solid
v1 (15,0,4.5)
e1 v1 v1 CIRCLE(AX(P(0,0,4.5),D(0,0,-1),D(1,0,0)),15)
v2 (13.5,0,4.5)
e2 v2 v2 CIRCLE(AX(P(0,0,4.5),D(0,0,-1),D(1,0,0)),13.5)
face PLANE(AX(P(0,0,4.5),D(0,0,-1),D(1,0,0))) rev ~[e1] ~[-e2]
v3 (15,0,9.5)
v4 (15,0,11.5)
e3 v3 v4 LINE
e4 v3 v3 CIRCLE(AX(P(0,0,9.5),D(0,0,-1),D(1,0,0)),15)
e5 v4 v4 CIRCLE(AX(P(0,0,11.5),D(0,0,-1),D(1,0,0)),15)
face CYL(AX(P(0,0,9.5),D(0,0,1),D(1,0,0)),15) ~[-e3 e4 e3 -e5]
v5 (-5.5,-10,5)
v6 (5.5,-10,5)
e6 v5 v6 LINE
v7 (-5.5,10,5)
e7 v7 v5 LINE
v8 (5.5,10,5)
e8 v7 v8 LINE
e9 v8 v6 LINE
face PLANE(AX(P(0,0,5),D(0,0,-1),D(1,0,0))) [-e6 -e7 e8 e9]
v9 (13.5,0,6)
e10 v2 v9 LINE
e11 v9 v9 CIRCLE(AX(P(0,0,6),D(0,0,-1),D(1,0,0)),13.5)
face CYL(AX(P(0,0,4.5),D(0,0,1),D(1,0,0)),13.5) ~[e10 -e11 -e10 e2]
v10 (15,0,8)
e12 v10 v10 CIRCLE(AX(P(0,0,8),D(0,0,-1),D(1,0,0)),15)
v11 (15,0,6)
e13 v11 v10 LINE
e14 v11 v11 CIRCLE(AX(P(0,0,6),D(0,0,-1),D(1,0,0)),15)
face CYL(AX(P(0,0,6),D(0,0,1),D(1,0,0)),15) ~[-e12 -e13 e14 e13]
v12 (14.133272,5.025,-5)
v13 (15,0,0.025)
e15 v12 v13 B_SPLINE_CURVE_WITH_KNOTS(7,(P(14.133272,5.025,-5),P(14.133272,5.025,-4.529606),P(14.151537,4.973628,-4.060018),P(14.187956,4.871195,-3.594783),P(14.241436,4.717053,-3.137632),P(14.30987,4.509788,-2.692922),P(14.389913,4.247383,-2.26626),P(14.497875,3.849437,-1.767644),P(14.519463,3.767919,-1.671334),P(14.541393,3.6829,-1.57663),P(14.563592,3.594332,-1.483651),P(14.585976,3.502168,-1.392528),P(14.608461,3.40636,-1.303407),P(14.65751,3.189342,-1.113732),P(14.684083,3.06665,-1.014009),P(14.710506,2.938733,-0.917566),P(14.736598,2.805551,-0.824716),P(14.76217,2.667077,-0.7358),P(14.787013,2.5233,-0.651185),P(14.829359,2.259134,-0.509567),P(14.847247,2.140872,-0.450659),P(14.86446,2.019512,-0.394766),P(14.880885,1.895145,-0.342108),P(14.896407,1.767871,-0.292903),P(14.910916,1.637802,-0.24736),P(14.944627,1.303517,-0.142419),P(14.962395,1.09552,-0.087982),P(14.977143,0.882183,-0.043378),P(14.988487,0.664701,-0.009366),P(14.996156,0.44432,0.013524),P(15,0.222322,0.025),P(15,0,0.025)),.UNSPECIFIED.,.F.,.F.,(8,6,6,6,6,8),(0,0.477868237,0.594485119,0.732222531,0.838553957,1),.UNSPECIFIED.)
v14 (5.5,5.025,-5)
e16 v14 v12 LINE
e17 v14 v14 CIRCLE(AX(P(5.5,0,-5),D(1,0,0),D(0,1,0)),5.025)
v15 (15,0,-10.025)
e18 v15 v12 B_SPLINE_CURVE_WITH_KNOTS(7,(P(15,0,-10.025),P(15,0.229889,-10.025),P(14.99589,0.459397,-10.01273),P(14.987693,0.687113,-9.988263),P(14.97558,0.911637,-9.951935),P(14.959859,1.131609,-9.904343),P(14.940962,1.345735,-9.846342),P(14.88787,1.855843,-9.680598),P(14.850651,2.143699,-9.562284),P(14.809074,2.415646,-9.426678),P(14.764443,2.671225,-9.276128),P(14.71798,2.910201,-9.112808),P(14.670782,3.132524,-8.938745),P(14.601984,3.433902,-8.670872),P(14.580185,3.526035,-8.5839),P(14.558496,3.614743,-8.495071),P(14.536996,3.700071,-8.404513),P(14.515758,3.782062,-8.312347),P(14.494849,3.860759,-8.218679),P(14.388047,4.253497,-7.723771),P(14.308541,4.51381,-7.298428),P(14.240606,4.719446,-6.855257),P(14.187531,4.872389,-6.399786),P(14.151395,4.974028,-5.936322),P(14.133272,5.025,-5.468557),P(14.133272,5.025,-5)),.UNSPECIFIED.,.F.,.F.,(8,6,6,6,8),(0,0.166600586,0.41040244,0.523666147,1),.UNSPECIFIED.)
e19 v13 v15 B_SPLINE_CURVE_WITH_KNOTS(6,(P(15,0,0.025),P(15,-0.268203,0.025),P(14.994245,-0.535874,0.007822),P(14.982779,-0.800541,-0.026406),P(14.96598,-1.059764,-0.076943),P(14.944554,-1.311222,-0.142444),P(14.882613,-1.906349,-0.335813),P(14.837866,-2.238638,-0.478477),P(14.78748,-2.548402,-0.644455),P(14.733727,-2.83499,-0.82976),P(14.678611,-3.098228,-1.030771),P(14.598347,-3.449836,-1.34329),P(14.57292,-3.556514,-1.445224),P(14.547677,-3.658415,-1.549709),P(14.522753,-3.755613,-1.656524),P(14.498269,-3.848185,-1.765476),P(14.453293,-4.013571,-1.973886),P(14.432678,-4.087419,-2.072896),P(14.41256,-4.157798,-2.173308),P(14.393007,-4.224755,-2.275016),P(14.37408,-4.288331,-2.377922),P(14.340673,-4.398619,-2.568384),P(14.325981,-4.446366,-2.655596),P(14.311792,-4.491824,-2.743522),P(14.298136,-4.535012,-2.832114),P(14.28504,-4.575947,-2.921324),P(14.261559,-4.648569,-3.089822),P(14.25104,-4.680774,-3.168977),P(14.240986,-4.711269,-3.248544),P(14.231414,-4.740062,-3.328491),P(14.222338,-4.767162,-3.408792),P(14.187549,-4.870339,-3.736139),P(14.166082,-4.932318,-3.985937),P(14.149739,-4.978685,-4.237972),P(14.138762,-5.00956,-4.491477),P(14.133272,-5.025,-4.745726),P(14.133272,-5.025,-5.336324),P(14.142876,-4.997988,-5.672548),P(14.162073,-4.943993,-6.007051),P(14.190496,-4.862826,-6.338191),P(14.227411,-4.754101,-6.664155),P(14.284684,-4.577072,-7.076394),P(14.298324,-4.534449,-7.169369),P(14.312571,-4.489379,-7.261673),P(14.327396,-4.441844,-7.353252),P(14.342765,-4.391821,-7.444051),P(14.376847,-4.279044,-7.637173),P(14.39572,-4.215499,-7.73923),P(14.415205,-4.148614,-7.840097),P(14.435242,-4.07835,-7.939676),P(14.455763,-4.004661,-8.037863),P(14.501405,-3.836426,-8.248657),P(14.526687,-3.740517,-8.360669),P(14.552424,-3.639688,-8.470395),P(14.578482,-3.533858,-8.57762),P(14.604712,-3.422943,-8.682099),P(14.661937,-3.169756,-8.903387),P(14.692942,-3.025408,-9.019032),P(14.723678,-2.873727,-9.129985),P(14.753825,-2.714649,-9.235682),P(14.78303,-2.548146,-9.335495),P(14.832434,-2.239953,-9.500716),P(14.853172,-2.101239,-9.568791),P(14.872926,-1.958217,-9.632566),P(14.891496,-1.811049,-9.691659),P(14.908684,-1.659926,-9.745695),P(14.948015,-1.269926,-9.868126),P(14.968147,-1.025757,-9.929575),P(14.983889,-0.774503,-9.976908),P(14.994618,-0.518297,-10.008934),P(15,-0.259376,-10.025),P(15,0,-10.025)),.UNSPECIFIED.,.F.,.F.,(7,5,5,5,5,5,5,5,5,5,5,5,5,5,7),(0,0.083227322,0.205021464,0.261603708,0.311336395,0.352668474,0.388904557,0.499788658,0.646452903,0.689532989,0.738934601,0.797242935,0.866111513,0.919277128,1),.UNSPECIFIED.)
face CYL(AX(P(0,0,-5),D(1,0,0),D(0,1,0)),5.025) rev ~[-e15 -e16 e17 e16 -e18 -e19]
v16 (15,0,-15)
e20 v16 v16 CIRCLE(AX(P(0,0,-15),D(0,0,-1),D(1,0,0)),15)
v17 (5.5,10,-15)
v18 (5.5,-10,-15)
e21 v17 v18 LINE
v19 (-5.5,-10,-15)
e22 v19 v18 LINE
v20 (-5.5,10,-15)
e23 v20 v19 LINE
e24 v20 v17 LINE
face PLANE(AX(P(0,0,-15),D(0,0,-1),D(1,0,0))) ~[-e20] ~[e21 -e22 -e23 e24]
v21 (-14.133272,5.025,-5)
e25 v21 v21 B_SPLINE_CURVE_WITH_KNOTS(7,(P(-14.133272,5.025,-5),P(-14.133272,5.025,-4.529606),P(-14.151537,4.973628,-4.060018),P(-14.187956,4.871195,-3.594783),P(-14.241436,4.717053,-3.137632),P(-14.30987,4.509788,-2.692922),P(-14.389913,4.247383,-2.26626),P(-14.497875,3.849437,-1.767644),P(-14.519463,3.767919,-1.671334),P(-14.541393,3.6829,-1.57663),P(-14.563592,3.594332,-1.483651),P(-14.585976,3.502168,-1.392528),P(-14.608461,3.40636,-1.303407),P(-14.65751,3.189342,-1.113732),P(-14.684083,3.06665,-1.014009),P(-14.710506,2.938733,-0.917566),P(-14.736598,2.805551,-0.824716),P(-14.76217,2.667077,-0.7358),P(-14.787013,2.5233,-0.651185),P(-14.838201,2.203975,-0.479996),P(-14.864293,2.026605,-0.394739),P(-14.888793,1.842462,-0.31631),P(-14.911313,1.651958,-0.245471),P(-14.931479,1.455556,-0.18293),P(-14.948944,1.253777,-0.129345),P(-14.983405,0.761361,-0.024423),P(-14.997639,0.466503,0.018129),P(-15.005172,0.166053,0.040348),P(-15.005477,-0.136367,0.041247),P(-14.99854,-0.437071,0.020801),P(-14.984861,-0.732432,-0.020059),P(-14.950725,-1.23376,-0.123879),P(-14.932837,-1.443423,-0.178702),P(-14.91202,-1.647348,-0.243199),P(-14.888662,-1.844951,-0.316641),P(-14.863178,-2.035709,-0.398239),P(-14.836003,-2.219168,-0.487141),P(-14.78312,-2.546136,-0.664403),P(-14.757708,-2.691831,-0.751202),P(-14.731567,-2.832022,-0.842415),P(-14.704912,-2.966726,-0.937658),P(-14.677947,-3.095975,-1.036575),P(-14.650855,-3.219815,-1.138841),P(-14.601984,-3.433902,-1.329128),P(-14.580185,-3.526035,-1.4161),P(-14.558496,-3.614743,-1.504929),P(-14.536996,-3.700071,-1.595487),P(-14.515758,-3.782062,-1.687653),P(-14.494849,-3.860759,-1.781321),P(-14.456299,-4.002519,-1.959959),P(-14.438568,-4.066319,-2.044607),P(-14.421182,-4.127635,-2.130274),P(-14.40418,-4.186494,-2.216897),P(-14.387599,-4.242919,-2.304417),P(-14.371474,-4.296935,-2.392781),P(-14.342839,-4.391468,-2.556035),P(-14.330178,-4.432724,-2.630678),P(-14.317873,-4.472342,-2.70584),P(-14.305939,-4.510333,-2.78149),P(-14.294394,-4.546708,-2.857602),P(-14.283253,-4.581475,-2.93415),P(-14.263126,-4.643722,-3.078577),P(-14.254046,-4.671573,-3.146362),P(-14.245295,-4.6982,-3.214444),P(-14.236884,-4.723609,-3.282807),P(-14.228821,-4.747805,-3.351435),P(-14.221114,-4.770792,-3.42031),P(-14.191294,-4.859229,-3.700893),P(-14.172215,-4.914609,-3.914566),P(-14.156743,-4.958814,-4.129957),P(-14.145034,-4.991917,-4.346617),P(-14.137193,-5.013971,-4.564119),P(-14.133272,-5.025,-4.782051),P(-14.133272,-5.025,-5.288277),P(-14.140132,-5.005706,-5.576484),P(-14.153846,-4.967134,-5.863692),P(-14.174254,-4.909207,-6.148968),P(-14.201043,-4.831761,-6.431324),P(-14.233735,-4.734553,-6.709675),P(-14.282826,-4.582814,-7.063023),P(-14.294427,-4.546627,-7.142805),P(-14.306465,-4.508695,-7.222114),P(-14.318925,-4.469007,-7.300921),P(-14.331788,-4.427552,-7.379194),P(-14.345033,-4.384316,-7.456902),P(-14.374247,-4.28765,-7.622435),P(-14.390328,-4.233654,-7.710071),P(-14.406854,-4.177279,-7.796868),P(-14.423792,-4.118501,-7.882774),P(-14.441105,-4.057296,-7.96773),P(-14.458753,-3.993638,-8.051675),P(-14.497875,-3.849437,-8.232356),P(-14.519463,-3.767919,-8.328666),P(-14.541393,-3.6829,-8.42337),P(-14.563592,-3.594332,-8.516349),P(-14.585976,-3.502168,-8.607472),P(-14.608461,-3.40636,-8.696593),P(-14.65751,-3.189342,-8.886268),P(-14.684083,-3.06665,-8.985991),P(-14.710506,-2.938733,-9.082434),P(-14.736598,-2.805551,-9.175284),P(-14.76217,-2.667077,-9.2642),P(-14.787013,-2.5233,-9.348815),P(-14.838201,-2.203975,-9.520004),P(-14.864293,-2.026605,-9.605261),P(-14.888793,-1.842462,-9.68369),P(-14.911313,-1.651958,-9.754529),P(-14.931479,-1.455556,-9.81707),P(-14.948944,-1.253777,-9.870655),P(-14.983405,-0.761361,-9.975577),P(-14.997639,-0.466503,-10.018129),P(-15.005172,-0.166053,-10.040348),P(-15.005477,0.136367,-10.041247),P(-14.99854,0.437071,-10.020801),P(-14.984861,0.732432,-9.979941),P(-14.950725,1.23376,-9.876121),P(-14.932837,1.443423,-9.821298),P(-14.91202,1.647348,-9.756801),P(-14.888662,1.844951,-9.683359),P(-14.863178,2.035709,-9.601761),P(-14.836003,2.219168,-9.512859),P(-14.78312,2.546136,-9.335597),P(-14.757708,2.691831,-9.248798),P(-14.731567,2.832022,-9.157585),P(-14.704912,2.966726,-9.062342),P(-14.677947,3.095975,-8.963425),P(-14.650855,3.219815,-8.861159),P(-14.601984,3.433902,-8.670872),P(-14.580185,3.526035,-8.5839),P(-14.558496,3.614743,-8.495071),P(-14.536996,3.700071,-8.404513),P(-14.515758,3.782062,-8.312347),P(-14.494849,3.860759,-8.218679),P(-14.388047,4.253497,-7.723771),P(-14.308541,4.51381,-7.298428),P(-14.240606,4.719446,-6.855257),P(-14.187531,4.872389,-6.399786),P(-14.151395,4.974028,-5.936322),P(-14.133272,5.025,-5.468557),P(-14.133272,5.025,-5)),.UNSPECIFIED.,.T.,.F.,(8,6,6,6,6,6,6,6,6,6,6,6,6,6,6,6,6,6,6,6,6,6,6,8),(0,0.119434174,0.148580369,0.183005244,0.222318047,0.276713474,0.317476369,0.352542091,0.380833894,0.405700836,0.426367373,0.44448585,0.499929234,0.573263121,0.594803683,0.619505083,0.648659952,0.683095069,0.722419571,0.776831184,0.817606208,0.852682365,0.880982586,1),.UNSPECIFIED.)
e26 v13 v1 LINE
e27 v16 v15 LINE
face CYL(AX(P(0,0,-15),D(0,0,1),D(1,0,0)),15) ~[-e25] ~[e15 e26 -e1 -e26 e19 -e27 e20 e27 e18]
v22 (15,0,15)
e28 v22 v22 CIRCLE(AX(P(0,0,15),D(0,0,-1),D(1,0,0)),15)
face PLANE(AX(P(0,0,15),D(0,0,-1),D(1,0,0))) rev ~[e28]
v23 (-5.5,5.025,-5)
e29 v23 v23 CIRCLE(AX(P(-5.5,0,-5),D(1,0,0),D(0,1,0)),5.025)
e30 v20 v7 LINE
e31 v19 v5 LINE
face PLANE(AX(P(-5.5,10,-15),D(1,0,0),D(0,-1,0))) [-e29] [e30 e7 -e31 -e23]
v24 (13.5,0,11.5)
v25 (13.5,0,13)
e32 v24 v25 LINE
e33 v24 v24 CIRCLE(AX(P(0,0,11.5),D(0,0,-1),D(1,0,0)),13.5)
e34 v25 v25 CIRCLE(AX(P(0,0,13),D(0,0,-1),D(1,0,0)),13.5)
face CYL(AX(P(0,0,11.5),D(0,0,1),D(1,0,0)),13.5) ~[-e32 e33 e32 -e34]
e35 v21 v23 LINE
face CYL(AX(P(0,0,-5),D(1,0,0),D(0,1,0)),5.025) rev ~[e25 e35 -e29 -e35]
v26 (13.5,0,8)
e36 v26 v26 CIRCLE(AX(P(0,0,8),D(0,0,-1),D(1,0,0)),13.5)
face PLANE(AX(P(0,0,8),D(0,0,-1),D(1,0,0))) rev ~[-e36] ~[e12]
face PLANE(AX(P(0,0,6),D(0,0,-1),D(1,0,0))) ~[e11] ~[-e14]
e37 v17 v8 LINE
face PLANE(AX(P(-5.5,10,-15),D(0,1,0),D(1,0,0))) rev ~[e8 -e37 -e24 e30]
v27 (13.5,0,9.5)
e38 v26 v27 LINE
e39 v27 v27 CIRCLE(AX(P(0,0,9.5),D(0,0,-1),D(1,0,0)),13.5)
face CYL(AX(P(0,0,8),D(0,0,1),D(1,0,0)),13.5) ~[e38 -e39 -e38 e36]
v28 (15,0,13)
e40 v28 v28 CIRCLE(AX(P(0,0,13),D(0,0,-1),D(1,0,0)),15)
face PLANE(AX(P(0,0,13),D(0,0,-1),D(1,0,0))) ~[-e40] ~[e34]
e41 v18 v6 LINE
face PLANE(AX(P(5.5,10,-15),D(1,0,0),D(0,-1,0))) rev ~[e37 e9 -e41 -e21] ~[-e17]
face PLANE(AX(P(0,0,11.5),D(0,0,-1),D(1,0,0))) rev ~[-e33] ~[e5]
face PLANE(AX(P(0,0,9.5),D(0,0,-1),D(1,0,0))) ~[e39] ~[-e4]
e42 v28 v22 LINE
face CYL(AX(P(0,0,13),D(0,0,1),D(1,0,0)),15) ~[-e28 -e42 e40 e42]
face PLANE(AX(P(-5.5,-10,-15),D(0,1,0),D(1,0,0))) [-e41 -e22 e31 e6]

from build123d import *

# Parameters (mm, degrees)
F2_R     = 5.025
F3_DEPTH = 25
F4_W     = 11
F4_H     = 20
F5_DEPTH = 20


with BuildPart() as f1:
    # F0 (on Front) → F1 (revolve)
    with BuildSketch(Plane.XZ):
        Polygon((15, 15), (0, 15), (0, -15), (15, -15), (15, 4.5), (13.5, 4.5), (13.5, 6), (15, 6), (15, 8), (13.5, 8), (13.5, 9.5), (15, 9.5), (15, 11.5), (13.5, 11.5), (13.5, 13), (15, 13), align=None)
    revolve(axis=Axis((0, 0, 0), (0, 0, -1)))

    # F2 (on Right) → F3 (cut, symmetric)
    with BuildSketch(Plane.YZ):
        with Locations((0, -5)):
            Circle(F2_R)
    extrude(amount=F3_DEPTH, both=True, mode=Mode.SUBTRACT)

    # F4 (on face) → F5 (cut)
    with BuildSketch(Plane(origin=(0, 0, -15), x_dir=(1, 0, 0), z_dir=(0, 0, -1))):
        Rectangle(F4_W, F4_H)
    extrude(amount=-F5_DEPTH, mode=Mode.SUBTRACT)


solid = f1.part
